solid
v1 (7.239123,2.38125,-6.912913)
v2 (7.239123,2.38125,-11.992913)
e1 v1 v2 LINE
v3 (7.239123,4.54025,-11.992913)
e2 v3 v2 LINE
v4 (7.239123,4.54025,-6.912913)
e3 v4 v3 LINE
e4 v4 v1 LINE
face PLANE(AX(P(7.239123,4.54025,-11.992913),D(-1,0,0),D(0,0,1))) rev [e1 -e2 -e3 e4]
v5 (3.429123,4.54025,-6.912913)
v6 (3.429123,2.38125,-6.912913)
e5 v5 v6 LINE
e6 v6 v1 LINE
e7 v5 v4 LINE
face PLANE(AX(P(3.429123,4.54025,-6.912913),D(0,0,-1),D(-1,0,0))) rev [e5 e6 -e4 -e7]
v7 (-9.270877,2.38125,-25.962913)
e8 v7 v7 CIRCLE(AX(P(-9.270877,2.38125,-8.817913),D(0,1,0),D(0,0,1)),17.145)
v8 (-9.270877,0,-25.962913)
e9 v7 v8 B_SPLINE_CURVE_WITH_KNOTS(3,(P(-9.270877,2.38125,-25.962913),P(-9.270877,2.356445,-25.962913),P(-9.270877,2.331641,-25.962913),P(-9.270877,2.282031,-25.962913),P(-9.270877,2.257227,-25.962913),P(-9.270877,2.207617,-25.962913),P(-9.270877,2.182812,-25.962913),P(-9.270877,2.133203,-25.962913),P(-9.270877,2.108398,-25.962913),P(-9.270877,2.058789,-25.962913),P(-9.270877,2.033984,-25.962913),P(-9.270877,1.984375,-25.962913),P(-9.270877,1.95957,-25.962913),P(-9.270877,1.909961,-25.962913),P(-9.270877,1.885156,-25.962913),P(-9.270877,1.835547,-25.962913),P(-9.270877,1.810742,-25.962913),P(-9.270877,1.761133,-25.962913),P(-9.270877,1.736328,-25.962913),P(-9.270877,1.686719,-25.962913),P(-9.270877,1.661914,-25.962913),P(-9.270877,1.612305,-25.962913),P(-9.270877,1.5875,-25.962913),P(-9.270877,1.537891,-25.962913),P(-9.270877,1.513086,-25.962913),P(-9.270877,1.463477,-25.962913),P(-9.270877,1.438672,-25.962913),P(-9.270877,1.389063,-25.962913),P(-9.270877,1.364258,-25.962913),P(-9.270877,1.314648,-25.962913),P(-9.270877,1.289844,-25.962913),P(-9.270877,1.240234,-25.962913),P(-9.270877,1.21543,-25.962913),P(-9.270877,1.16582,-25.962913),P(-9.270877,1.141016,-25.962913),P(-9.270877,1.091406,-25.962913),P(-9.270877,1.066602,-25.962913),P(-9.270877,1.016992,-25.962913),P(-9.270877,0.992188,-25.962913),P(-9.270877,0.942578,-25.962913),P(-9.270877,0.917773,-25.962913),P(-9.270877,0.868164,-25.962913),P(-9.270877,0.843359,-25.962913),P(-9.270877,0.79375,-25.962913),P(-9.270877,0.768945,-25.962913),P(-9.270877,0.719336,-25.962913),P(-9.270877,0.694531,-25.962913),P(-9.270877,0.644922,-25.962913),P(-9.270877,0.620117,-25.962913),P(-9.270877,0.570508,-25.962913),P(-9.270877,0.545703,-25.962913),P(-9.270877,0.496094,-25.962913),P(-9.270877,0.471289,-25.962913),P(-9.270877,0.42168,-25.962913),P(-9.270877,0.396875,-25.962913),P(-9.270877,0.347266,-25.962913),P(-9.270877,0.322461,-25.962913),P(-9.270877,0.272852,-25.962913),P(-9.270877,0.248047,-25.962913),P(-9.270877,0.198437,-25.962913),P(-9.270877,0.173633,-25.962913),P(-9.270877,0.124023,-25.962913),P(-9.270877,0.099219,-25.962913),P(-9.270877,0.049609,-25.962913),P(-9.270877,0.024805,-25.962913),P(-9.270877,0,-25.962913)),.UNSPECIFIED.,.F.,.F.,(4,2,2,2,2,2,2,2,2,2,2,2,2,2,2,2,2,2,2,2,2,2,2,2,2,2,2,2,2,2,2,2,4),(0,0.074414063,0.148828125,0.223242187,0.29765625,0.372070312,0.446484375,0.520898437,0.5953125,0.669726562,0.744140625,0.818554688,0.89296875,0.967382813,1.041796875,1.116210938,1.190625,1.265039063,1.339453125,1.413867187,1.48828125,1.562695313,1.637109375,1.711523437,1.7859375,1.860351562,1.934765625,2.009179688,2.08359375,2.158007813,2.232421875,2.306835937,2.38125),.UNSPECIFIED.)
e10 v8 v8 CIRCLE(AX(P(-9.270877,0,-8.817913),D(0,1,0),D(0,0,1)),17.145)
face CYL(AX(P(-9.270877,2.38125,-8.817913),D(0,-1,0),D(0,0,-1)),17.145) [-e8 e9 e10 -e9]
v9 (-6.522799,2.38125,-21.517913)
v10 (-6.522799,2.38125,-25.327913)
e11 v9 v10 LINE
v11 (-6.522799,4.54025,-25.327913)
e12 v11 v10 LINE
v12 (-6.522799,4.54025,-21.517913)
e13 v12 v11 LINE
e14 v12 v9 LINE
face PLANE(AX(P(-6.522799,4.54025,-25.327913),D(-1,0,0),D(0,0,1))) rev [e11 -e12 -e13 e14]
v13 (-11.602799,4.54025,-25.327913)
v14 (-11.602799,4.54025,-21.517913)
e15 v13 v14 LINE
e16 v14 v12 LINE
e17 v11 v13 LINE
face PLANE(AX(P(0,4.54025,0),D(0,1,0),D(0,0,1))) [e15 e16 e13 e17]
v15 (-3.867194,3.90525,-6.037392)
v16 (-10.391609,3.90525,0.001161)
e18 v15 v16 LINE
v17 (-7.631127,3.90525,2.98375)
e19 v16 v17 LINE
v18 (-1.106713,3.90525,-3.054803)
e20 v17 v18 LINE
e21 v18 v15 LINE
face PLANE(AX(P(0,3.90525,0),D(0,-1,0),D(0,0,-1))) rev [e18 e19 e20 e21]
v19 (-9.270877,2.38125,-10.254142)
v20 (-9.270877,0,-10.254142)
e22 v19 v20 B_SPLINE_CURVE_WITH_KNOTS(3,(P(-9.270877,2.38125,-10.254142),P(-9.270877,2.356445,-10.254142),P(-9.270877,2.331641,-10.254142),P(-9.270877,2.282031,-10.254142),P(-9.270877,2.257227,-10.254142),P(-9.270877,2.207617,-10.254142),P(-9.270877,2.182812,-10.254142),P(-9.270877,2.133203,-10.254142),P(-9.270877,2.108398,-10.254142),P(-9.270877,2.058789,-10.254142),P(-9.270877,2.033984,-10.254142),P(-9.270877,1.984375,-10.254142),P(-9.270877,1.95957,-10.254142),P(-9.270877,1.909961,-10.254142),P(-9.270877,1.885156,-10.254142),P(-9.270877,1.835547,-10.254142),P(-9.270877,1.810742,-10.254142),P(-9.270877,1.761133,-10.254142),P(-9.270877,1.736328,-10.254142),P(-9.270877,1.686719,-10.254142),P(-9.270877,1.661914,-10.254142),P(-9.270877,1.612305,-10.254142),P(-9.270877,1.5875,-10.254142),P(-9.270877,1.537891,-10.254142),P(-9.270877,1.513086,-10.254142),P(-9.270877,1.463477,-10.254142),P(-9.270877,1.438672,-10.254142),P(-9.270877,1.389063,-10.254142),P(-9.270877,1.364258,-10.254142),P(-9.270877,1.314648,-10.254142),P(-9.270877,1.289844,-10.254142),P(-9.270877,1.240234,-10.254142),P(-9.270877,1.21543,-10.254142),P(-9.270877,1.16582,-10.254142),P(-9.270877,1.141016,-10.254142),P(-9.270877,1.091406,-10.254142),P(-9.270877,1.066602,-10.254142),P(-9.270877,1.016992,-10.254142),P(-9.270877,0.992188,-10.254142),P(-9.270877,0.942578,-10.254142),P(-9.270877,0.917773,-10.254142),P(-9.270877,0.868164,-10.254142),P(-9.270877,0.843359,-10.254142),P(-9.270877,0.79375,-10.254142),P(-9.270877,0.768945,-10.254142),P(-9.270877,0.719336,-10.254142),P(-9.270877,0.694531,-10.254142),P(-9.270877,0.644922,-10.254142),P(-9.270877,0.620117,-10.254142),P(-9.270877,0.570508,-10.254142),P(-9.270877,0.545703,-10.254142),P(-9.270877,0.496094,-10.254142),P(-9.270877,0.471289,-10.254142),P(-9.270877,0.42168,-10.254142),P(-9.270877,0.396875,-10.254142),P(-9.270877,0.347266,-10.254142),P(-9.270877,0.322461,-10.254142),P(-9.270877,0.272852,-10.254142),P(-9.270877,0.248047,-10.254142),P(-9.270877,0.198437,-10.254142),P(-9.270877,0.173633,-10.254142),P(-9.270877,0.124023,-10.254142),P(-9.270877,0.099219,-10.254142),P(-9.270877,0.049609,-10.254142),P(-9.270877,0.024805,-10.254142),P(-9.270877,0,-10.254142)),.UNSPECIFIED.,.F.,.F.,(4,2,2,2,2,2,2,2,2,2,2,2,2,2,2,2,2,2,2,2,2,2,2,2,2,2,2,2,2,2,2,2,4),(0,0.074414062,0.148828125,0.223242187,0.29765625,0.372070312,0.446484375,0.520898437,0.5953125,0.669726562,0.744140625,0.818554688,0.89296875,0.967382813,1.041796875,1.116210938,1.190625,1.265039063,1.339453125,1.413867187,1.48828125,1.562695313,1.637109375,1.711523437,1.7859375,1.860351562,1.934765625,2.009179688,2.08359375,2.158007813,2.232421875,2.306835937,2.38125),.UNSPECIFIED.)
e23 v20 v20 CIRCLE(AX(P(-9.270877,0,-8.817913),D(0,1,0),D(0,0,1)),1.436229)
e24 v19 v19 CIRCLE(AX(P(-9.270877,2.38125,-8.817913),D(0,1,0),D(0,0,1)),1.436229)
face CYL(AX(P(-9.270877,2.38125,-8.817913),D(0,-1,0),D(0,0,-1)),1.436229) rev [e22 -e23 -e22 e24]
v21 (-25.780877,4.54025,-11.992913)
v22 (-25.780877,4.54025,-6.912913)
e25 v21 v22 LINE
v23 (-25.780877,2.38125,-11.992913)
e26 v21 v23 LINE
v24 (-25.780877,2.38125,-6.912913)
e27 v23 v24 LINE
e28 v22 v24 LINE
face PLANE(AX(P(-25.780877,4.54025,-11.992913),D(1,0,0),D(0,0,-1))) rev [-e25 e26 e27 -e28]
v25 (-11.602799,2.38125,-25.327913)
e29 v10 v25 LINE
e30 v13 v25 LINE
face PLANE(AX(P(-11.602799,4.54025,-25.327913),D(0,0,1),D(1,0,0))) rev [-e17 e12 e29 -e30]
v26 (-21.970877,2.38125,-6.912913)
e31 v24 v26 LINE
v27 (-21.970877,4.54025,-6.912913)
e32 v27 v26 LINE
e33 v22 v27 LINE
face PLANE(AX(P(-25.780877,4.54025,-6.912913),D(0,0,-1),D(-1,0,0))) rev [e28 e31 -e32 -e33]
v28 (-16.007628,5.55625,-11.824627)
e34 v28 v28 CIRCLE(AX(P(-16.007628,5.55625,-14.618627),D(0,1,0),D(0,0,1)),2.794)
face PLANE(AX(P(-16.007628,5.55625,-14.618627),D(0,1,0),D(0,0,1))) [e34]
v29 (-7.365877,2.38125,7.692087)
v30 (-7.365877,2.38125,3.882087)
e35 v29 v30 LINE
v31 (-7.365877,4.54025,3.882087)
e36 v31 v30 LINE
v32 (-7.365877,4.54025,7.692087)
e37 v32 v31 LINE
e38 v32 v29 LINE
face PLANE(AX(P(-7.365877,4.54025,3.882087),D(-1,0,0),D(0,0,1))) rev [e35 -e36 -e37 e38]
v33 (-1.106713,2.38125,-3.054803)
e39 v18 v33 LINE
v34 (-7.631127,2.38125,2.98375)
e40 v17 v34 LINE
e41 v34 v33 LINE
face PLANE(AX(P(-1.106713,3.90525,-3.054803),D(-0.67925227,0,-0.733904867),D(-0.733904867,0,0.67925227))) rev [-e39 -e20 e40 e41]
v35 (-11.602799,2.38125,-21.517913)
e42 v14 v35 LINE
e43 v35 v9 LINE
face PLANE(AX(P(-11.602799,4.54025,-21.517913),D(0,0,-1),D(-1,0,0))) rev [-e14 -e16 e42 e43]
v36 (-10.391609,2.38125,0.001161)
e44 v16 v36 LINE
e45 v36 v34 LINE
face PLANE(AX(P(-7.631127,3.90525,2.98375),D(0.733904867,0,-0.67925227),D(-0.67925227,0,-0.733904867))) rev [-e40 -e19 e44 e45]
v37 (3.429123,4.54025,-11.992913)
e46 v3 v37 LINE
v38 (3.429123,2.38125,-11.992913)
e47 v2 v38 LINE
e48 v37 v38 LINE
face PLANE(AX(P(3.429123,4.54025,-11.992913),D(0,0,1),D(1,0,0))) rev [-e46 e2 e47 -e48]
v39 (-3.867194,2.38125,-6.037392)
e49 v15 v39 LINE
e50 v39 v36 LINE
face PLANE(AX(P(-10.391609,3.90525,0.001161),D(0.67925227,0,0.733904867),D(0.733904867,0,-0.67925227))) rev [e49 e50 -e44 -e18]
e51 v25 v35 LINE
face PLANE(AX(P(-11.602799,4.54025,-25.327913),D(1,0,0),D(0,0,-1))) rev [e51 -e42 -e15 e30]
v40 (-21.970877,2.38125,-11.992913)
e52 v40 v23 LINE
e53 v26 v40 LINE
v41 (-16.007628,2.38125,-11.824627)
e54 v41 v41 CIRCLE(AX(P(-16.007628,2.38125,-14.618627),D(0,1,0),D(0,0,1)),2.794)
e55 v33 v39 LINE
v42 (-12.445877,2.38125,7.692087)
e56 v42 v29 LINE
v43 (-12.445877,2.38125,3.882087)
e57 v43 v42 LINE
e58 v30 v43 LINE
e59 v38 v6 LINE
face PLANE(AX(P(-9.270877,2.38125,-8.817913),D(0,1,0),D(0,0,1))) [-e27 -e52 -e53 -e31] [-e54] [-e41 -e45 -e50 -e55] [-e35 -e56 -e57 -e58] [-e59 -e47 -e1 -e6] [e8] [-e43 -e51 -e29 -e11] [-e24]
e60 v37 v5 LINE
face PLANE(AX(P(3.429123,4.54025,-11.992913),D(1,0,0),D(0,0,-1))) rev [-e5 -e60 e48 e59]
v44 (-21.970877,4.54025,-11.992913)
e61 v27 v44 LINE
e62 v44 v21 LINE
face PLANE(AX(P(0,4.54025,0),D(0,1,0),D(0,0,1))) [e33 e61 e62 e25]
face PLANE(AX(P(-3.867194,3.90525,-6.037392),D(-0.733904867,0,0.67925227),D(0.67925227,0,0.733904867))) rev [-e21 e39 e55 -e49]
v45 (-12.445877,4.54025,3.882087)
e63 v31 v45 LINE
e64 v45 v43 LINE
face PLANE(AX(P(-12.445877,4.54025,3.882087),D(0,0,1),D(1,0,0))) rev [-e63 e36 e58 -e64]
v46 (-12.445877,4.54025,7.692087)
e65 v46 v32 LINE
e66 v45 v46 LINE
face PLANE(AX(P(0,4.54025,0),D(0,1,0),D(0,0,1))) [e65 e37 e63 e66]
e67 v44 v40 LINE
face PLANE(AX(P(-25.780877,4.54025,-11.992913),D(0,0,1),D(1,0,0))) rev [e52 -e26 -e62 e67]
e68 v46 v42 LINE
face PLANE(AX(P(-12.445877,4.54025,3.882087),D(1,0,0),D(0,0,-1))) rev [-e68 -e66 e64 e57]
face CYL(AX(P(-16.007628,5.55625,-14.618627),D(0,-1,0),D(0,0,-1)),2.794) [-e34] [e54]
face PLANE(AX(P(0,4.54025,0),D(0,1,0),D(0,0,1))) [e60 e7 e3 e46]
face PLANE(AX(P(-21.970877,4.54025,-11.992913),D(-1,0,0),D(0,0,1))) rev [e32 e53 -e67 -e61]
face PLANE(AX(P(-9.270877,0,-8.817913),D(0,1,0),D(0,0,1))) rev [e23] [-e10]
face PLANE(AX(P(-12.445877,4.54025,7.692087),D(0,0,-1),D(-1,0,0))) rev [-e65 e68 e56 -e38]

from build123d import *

# Parameters (mm, degrees)
SKETCH1_R           = 17.145
SKETCH1_R_2         = 1.436229084
BOSS_EXTRUDE1_DEPTH = 2.38125
SKETCH3_R           = 2.794
BOSS_EXTRUDE2_DEPTH = 3.175
BOSS_EXTRUDE3_DEPTH = 1.524
SKETCH5_W           = 5.08
SKETCH5_H           = 3.81
SKETCH5_W_2         = 3.81
SKETCH5_H_2         = 5.08
BOSS_EXTRUDE4_DEPTH = 2.159


with BuildPart() as part:
    # Sketch1 → Boss-Extrude1 (new body)
    with BuildSketch(Plane(origin=(0, 0, 0), x_dir=(1, 0, 0), z_dir=(0, 1, 0))):
        with Locations(Location((-9.270876778, 8.817912865, 0), (0, 0, 90))):
            Circle(SKETCH1_R)
        with Locations(Location((-9.270876778, 8.817912865, 0), (0, 0, 90))):
            Circle(SKETCH1_R_2, mode=Mode.SUBTRACT)
    extrude(amount=BOSS_EXTRUDE1_DEPTH)

    # Sketch3 → Boss-Extrude2 (add)
    with BuildSketch(Plane(origin=(0, 2.38125, 0), x_dir=(1, 0, 0), z_dir=(0, 1, 0))):
        with Locations(Location((-16.007627964, 14.618626912, 0), (0, 0, 270))):
            Circle(SKETCH3_R)
    extrude(amount=BOSS_EXTRUDE2_DEPTH)

    # Sketch4 → Boss-Extrude3 (add)
    with BuildSketch(Plane(origin=(0, 2.38125, 0), x_dir=(1, 0, 0), z_dir=(0, 1, 0))):
        Polygon((-10.391608677, -0.001160783), (-3.867194412, 6.037391899), (-1.106713185, 3.054802521), (-7.63112745, -2.983750162), (-10.046548523, -0.373984456), align=None)
    extrude(amount=BOSS_EXTRUDE3_DEPTH)

    # Sketch5 → Boss-Extrude4 (add)
    with BuildSketch(Plane(origin=(0, 2.38125, 0), x_dir=(1, 0, 0), z_dir=(0, 1, 0))):
        with Locations((-9.905876778, -5.787087135)):
            Rectangle(SKETCH5_W, SKETCH5_H)
        with Locations((-9.062799481, 23.422912865)):
            Rectangle(SKETCH5_W, SKETCH5_H)
        with Locations((-23.875876778, 9.452912865)):
            Rectangle(SKETCH5_W_2, SKETCH5_H_2)
        with Locations((5.334123222, 9.452912865)):
            Rectangle(SKETCH5_W_2, SKETCH5_H_2)
    extrude(amount=BOSS_EXTRUDE4_DEPTH)


solid = part.part
